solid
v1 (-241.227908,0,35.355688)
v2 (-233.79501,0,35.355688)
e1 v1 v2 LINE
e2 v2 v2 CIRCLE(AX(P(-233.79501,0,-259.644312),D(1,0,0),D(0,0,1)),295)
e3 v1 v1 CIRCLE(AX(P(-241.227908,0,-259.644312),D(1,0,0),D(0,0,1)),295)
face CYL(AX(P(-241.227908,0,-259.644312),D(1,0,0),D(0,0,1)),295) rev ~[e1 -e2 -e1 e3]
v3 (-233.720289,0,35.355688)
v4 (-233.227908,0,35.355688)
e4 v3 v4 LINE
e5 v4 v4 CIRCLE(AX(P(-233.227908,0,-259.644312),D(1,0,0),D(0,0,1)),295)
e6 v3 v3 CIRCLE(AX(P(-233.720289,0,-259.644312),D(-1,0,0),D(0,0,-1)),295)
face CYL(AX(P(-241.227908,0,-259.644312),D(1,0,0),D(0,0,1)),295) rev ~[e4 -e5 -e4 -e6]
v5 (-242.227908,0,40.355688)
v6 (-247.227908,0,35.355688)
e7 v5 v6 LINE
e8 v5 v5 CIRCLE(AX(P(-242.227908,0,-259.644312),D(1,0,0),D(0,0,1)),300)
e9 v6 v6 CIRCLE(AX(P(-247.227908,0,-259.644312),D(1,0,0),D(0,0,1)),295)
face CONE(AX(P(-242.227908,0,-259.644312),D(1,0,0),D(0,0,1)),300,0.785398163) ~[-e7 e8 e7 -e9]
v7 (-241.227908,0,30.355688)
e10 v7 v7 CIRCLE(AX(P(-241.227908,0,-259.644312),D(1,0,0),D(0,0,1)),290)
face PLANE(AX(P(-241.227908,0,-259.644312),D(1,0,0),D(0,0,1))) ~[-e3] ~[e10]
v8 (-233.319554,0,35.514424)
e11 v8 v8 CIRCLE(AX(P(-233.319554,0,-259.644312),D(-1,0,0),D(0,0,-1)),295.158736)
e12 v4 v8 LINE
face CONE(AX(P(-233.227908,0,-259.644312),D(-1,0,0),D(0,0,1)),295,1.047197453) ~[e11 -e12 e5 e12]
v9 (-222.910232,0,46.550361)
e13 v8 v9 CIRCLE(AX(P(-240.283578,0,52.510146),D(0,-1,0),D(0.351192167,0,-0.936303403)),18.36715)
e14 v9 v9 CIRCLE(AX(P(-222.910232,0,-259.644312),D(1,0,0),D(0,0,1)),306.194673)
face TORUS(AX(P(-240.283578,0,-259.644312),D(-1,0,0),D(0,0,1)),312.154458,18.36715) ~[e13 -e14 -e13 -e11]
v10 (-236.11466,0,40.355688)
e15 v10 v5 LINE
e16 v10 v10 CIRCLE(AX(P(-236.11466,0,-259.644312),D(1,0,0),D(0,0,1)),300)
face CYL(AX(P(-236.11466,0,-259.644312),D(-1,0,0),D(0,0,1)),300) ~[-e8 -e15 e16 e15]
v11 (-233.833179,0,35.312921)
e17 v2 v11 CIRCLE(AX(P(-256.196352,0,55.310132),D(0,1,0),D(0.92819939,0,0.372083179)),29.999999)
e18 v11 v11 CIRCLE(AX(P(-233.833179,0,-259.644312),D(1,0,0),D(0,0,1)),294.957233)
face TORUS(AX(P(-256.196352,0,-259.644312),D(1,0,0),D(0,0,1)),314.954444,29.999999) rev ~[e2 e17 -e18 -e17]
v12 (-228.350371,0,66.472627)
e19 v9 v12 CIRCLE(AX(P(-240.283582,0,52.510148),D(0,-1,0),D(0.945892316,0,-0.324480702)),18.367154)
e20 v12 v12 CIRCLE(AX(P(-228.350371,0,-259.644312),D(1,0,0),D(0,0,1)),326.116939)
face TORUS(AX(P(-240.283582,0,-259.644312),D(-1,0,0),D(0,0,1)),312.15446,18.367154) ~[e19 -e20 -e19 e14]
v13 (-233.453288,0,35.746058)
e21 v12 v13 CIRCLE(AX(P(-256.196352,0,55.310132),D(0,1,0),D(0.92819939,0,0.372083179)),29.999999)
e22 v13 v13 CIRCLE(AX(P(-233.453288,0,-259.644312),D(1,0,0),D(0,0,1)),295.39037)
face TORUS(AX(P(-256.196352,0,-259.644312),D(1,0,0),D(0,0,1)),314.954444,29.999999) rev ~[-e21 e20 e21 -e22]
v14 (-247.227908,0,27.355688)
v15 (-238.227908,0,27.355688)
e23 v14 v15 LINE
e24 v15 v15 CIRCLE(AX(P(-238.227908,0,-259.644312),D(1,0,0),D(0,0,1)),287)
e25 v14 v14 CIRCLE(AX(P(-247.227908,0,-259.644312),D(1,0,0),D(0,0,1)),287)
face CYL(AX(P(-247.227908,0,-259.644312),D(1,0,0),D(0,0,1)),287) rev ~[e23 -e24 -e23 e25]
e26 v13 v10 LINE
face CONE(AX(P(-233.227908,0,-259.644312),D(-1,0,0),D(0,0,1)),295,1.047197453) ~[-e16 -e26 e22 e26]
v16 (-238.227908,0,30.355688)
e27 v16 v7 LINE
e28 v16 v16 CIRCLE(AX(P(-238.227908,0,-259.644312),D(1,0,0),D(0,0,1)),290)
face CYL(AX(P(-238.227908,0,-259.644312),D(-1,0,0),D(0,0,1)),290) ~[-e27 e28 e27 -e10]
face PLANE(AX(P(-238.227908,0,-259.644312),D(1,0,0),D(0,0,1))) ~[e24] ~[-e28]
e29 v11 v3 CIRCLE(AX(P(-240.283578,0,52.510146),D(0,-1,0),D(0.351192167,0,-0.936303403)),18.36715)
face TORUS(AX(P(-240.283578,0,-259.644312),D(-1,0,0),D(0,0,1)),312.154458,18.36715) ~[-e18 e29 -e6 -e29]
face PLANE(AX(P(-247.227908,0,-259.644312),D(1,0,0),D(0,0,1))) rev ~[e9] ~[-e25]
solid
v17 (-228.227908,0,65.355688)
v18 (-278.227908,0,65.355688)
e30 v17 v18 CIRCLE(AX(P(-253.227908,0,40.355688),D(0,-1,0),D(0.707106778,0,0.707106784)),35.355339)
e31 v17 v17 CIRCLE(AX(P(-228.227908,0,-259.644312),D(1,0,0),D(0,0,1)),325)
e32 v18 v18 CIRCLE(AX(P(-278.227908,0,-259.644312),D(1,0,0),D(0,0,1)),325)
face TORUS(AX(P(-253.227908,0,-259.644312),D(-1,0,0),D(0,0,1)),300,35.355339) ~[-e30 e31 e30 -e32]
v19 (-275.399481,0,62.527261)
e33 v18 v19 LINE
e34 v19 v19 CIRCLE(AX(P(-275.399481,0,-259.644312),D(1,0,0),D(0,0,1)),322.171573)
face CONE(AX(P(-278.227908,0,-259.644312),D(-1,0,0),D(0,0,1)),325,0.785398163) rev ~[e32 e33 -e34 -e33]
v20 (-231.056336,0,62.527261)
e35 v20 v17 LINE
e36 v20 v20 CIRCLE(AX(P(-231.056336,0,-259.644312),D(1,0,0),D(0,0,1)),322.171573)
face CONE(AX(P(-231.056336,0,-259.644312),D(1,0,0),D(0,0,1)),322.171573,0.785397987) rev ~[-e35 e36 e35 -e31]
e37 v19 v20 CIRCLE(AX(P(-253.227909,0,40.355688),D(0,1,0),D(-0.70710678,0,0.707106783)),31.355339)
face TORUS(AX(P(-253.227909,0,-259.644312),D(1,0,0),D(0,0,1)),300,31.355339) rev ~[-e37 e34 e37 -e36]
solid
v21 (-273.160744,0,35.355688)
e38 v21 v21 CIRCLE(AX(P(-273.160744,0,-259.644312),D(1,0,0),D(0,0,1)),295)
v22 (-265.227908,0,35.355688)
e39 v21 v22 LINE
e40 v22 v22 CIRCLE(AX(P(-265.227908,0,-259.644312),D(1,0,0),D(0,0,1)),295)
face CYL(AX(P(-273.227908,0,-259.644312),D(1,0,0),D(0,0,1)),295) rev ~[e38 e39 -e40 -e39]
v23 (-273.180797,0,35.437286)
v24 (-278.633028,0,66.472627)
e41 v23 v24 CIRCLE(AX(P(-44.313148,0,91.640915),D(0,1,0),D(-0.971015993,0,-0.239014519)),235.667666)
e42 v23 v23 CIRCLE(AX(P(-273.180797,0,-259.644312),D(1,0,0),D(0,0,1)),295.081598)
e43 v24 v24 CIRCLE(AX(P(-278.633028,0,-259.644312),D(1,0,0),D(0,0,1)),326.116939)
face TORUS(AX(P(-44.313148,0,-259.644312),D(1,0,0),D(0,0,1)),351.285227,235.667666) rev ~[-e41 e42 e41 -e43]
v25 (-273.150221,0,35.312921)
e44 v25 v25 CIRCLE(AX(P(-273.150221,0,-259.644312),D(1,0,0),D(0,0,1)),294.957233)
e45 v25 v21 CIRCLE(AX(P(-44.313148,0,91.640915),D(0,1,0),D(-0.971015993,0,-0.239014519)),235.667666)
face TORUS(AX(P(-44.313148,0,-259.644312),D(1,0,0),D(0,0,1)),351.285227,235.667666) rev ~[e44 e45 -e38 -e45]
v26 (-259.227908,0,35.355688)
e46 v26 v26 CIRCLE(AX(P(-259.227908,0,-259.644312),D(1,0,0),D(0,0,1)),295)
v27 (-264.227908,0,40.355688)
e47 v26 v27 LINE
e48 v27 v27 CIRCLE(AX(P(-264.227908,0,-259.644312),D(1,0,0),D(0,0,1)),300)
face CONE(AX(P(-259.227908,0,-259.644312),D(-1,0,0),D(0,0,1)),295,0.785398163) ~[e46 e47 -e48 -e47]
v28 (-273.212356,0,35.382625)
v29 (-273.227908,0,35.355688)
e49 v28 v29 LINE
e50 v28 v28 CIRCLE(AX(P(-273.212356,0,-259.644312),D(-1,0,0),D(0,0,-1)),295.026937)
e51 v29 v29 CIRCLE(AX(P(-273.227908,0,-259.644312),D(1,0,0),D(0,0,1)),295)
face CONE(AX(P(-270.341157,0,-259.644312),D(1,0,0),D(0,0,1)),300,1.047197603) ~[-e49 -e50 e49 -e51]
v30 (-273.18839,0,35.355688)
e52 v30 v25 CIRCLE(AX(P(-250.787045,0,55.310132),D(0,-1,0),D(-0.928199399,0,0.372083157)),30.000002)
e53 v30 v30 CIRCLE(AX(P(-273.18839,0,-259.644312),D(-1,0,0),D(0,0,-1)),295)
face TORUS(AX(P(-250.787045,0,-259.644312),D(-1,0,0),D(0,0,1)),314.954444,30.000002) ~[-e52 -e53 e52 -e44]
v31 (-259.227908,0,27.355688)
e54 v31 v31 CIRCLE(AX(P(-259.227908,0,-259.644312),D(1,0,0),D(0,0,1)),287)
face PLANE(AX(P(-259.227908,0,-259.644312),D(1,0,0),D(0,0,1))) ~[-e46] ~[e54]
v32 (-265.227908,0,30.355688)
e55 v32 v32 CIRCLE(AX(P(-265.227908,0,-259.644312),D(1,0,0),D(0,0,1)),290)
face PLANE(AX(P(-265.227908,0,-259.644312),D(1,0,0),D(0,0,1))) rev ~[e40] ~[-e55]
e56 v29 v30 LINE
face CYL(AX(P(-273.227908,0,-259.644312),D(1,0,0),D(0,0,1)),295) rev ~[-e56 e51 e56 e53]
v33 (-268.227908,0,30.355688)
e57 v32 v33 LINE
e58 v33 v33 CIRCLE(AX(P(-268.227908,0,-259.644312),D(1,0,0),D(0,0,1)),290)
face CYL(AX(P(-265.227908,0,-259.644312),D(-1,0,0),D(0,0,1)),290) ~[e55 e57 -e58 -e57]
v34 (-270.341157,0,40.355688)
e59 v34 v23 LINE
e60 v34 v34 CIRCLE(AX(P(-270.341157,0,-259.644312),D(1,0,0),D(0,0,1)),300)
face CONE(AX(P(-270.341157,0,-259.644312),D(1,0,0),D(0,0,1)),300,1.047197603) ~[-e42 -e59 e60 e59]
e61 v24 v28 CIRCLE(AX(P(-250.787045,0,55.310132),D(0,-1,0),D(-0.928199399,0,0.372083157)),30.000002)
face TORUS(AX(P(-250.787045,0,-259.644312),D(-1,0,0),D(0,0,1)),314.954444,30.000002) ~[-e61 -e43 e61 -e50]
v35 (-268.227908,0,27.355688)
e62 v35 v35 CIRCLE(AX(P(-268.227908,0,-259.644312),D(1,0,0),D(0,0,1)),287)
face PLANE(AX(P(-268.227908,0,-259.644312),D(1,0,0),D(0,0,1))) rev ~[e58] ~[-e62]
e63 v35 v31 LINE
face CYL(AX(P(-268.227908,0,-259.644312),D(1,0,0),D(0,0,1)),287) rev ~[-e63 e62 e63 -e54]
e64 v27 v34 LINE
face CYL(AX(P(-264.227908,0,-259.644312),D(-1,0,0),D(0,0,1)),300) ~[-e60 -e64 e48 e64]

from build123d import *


with BuildPart() as f1:
    # F0 (on Front) → F1 (revolve)
    with BuildSketch(Plane.XZ):
        with BuildLine():
            Line((-231.056336, 62.527261), (-228.227908, 65.355688))
            ThreePointArc((-228.227908, 65.355688), (-253.227908, 75.711027), (-278.227908, 65.355688))
            Line((-278.227908, 65.355688), (-275.399481, 62.527261))
            ThreePointArc((-275.399481, 62.527261), (-253.227908, 71.711027), (-231.056336, 62.527261))
        make_face()
        Polygon((-241.227908, 35.355688), (-233.227908, 35.355688), (-236.11466, 40.355688), (-242.227908, 40.355688), (-247.227908, 35.355688), (-247.227908, 27.355688), (-238.227908, 27.355688), (-238.227908, 30.355688), (-241.227908, 30.355688), align=None)
        Polygon((-264.227908, 40.355688), (-270.341157, 40.355688), (-273.227908, 35.355688), (-265.227908, 35.355688), (-265.227908, 30.355688), (-268.227908, 30.355688), (-268.227908, 27.355688), (-259.227908, 27.355688), (-259.227908, 35.355688), align=None)
    revolve(axis=Axis((-218.383714, 0, -259.644312), (1, 0, 0)))

    # F2 (on Front) → F3 (revolve)
    with BuildSketch(Plane.XZ):
        with BuildLine():
            ThreePointArc((-273.150221, 35.312921), (-276.415114, 50.800662), (-278.633028, 66.472627))
            ThreePointArc((-278.633028, 66.472627), (-280.33314, 50.111253), (-273.150221, 35.312921))
        make_face()
        with BuildLine():
            ThreePointArc((-228.350371, 66.472627), (-226.650259, 50.111253), (-233.833179, 35.312921))
            Line((-233.833179, 35.312921), (-222.910232, 46.550361))
            ThreePointArc((-222.910232, 46.550361), (-222.565151, 57.34849), (-228.350371, 66.472627))
        make_face()
        with BuildLine():
            Line((-222.910232, 46.550361), (-233.833179, 35.312921))
            ThreePointArc((-233.833179, 35.312921), (-227.113053, 39.708214), (-222.910232, 46.550361))
        make_face()
    revolve(axis=Axis((-218.383714, 0, -259.644312), (1, 0, 0)))


solid = f1.part
